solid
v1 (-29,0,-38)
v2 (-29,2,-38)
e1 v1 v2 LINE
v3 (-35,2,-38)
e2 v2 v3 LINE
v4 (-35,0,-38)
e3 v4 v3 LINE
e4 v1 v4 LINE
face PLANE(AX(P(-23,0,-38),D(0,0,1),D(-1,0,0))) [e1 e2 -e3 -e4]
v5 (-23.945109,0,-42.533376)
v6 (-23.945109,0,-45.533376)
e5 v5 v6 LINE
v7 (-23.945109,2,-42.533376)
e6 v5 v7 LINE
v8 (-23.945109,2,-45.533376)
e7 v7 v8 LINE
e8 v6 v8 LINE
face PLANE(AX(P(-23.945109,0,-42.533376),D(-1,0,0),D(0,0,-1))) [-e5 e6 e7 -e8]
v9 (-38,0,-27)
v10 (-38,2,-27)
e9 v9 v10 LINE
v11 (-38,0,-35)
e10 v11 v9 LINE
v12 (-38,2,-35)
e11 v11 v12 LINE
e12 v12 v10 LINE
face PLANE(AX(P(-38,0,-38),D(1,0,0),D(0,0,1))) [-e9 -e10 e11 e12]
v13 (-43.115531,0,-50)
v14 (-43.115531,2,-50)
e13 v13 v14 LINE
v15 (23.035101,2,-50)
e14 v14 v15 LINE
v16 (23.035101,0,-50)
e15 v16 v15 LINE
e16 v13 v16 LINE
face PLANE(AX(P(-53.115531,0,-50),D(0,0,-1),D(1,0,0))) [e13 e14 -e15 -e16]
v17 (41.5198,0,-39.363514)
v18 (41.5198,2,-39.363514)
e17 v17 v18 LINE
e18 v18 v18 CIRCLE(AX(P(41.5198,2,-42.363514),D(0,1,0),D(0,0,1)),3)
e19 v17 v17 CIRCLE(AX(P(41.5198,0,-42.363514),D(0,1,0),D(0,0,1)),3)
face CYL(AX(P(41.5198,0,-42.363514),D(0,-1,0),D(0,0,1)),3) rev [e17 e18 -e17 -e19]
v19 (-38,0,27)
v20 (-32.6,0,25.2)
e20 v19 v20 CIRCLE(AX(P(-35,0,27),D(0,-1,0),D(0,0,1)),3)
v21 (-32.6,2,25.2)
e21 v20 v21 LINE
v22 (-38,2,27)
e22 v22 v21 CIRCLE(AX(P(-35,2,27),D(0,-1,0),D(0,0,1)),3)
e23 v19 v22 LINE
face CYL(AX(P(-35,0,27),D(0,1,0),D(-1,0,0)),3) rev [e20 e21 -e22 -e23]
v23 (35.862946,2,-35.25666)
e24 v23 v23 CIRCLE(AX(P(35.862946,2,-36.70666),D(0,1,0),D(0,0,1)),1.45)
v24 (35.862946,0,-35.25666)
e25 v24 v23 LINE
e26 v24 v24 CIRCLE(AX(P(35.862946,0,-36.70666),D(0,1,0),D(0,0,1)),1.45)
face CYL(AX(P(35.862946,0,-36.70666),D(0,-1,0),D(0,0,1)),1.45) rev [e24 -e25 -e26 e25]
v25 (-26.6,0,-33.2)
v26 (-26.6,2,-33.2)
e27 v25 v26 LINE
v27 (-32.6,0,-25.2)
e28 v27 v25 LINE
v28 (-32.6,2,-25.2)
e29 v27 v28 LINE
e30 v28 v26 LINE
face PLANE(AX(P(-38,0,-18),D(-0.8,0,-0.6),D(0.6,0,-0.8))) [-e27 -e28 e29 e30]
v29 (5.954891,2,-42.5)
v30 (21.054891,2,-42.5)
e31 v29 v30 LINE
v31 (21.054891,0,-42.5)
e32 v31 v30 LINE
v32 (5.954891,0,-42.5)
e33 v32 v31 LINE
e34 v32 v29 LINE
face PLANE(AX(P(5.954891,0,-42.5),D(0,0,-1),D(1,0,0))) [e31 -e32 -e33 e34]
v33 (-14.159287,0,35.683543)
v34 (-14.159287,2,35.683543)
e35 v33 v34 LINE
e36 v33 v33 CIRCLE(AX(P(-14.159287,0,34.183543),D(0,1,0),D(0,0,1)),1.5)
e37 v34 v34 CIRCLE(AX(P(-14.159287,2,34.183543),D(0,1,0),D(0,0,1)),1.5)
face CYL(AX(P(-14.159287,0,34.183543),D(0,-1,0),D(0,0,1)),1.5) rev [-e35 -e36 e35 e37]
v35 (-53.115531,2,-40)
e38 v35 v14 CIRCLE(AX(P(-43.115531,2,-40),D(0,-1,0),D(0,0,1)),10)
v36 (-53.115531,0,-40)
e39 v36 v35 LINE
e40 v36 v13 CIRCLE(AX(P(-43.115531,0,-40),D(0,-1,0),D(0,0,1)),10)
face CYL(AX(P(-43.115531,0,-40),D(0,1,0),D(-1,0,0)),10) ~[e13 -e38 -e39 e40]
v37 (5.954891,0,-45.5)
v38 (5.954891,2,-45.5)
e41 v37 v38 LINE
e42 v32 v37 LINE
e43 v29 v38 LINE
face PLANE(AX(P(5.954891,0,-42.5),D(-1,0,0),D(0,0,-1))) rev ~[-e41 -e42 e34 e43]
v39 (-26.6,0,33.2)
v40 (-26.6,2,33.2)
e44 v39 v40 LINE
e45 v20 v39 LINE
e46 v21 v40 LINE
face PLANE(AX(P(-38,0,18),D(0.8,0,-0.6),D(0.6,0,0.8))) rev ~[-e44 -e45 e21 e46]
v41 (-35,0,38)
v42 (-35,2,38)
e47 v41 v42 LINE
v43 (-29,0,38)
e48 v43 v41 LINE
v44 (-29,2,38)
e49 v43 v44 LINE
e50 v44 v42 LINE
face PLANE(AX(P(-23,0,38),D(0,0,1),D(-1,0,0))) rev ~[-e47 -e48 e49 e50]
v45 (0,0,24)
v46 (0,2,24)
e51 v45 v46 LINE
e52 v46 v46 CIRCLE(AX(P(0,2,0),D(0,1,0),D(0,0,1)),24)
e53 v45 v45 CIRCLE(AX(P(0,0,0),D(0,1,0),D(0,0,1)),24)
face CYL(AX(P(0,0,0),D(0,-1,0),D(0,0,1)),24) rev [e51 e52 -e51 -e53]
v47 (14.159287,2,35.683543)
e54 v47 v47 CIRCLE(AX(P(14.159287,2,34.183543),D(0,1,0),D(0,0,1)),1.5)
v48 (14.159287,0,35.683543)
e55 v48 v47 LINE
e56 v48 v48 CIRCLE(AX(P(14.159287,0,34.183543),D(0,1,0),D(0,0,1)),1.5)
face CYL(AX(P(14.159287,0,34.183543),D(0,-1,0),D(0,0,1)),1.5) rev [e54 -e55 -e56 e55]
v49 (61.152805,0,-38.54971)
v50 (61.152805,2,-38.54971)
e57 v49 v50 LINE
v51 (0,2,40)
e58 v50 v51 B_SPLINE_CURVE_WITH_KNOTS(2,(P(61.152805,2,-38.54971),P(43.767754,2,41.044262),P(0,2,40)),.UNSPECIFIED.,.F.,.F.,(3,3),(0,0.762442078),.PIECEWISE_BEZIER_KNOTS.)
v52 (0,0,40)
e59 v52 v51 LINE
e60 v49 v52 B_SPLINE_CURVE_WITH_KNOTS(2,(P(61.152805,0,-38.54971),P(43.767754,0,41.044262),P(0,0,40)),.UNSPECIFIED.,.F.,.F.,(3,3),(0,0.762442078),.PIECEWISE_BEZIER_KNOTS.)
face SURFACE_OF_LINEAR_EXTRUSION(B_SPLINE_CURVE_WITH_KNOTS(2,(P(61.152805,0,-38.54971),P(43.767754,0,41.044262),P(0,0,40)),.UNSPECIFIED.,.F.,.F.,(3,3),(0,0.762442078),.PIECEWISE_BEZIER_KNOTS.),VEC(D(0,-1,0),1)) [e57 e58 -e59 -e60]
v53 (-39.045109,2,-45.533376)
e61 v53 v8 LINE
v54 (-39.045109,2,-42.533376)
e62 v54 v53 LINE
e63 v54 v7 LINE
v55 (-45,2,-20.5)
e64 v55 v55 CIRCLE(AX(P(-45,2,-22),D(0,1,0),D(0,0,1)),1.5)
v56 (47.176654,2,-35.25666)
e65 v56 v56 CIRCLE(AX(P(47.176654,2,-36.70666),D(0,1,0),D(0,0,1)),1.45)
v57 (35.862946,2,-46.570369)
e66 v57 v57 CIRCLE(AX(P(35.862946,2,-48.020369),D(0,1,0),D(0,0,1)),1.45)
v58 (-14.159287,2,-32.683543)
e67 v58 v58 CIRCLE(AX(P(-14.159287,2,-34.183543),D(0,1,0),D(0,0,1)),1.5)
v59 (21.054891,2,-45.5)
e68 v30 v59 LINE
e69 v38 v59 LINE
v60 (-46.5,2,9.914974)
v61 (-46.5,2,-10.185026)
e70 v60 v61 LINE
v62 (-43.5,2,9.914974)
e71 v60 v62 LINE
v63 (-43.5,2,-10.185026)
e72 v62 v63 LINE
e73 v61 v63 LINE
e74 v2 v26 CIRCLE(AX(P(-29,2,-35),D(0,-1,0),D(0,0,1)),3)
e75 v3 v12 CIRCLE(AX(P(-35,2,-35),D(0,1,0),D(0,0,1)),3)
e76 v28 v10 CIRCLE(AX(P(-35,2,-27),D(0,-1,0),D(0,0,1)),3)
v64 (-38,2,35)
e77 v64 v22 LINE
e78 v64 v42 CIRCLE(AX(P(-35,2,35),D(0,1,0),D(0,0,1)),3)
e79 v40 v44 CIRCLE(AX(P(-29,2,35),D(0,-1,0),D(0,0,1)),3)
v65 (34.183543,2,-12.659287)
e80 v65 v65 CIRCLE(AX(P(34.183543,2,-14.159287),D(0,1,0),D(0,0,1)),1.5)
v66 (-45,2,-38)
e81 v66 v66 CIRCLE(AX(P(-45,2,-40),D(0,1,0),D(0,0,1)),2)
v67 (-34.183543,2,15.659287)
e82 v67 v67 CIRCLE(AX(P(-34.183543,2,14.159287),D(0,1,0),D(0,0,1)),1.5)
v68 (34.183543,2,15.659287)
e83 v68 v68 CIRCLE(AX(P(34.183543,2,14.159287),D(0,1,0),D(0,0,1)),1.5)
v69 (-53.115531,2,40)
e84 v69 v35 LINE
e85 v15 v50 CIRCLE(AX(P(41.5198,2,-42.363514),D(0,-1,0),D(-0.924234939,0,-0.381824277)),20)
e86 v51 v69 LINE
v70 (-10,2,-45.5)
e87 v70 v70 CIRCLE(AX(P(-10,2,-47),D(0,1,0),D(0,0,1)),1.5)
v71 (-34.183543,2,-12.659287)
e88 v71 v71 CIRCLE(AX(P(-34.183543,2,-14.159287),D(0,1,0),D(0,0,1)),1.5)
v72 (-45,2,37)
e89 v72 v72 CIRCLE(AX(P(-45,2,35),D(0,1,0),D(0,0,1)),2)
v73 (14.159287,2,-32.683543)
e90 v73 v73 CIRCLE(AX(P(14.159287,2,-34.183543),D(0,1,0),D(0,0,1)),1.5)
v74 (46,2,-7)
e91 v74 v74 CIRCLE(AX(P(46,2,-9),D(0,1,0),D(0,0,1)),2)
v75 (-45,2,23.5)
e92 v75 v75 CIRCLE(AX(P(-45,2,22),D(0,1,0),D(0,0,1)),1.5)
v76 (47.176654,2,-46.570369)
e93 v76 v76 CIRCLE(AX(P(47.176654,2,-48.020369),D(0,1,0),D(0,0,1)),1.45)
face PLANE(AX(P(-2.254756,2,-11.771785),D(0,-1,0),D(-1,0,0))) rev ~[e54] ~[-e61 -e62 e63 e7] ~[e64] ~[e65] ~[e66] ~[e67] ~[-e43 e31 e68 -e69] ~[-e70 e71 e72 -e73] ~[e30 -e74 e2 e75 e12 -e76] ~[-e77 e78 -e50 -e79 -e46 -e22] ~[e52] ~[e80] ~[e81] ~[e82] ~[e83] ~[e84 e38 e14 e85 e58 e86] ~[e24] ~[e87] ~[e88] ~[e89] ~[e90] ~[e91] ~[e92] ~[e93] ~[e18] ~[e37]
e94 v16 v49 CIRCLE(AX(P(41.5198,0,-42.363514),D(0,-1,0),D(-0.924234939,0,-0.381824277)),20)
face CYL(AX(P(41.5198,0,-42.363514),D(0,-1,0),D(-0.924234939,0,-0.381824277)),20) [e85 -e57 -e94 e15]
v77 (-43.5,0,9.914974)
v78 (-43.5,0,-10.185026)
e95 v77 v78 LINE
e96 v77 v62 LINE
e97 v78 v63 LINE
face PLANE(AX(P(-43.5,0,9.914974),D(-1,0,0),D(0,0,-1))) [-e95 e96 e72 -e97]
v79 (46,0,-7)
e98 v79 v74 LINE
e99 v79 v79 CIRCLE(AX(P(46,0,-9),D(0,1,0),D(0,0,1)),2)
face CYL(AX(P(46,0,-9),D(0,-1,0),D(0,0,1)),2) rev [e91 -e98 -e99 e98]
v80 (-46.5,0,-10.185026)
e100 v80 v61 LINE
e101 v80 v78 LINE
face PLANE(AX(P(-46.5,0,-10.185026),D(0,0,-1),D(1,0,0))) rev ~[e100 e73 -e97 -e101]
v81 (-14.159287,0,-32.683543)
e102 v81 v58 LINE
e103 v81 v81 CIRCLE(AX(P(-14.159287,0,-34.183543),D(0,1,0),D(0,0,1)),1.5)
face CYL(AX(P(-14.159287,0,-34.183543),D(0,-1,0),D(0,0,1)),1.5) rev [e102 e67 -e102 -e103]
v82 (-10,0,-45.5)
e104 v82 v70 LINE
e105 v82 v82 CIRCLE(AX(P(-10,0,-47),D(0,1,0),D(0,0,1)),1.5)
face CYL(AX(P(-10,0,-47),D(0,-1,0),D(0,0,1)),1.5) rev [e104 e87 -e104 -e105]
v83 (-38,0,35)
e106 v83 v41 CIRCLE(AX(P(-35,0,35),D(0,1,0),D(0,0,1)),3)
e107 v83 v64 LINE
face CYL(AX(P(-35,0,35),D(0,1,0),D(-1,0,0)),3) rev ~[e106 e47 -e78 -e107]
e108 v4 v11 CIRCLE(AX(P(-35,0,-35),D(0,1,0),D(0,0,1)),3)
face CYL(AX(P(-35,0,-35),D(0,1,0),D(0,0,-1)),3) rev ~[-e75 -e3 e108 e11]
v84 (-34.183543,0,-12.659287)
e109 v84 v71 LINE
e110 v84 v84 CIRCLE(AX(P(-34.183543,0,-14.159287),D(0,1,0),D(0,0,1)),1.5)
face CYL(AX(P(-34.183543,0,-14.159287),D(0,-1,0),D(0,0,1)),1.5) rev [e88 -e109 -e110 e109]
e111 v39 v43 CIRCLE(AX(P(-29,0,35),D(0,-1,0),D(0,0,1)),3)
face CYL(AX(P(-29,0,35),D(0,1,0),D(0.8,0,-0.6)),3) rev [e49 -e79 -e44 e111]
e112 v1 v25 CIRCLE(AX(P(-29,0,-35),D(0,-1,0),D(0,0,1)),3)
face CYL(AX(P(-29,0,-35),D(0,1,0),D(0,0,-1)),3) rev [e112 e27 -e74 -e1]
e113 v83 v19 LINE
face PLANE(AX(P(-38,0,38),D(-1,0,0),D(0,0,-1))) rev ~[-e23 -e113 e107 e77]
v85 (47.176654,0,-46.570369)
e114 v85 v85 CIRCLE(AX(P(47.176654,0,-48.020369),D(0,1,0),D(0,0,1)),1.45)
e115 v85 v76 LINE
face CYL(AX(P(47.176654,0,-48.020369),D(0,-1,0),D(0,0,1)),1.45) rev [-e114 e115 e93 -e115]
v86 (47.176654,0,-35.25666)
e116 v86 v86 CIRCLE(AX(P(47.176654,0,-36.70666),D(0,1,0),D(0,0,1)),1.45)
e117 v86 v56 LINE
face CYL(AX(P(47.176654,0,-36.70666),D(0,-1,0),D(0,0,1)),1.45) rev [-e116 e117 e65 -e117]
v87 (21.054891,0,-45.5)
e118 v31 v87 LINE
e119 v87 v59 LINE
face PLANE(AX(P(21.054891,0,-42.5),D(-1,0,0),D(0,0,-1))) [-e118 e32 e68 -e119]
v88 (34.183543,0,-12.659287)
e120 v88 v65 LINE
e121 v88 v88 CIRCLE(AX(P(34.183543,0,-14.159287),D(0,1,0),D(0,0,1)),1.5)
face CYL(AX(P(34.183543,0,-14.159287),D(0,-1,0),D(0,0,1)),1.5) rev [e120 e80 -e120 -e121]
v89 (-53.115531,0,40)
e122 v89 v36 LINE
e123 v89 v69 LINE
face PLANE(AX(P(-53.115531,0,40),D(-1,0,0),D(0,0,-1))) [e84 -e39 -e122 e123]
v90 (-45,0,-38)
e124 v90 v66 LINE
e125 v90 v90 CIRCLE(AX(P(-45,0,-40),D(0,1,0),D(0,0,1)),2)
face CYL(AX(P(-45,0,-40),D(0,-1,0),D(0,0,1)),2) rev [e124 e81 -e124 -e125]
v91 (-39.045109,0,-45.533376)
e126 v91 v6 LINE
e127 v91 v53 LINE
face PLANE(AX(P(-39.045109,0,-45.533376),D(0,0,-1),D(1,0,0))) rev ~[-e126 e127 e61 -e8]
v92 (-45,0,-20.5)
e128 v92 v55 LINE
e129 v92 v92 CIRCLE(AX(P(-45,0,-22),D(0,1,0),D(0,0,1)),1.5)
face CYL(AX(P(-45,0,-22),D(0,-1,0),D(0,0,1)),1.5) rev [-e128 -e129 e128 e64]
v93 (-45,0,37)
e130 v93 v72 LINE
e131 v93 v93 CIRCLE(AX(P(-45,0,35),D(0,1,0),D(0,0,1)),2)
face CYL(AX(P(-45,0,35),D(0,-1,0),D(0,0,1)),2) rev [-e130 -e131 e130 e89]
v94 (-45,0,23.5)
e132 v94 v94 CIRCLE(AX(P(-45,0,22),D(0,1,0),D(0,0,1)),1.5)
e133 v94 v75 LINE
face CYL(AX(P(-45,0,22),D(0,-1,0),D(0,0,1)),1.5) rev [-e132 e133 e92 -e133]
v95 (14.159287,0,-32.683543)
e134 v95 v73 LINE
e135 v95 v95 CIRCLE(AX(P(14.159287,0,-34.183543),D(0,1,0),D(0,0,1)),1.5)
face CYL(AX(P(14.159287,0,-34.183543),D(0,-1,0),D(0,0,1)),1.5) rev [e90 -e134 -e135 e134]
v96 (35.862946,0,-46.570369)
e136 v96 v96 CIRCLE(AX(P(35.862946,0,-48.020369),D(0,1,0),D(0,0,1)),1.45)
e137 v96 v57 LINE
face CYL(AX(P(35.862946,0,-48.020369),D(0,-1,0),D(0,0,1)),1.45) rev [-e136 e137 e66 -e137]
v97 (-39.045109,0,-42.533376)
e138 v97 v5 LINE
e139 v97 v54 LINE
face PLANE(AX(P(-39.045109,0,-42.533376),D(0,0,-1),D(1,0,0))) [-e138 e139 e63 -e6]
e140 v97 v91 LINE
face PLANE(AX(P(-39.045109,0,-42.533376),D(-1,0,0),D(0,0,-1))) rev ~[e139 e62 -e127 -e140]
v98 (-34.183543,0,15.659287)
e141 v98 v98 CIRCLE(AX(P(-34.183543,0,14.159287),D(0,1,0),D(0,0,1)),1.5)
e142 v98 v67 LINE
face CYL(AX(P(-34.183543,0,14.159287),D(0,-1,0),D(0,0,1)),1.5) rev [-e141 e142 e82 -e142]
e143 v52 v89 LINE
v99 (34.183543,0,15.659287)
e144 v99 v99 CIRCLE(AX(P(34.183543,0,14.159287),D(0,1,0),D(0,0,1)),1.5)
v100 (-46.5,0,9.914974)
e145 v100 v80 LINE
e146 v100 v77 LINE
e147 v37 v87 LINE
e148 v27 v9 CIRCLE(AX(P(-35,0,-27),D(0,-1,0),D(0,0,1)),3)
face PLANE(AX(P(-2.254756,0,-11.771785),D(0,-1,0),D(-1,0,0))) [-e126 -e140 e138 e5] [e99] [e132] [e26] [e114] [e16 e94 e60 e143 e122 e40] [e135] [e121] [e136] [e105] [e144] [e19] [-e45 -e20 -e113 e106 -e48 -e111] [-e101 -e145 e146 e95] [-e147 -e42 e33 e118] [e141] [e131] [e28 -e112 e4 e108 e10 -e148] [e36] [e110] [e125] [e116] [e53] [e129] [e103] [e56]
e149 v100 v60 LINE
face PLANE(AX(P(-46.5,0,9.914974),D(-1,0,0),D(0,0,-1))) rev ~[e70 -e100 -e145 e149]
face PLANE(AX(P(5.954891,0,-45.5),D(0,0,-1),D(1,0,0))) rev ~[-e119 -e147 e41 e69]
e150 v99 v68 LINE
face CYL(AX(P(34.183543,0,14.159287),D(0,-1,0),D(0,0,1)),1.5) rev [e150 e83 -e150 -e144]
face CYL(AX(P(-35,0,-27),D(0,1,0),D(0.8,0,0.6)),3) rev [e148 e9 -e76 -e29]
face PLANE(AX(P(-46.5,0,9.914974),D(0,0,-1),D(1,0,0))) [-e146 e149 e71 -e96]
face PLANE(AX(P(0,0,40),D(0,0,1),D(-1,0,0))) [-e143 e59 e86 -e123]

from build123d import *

# Parameters (mm, degrees)
SKETCH_1_R      = 24
SKETCH_1_R_2    = 3
SKETCH_1_R_3    = 2
SKETCH_1_R_4    = 1.45
SKETCH_1_R_5    = 1.5
SKETCH_1_W      = 15.1
SKETCH_1_H      = 3
SKETCH_1_W_2    = 3
SKETCH_1_H_2    = 20.1
EXTRUDE_1_DEPTH = 2
FILLET_1_R      = 10
FILLET_2_R      = 3


with BuildPart() as part:
    # 草图1 → 凸台-拉伸1 (new body)
    with BuildSketch(Plane(origin=(0, 0, 0), x_dir=(1, 0, 0), z_dir=(0, 1, 0))):
        with BuildLine():
            Line((0, -40), (-53.115531196, -40))
            Line((-53.115531196, -40), (-53.115531196, 50))
            Line((-53.115531196, 50), (23.035101229, 50))
            ThreePointArc((23.035101229, 50), (47.273662895, 61.517967257), (61.152805225, 38.549709823))
            add(Edge.make_bspline(
                [(61.152805225, 38.549709823), (43.767754296, -41.044262003), (0, -40)],
                knots=[0, 0, 0, 0.762442078, 0.762442078, 0.762442078], degree=2))
        make_face()
        with Locations(Location((0, 0, 0), (0, 0, 270))):
            Circle(SKETCH_1_R, mode=Mode.SUBTRACT)
        with Locations(Location((41.5198, 42.363514464, 0), (0, 0, 270))):
            Circle(SKETCH_1_R_2, mode=Mode.SUBTRACT)
        with Locations(Location((46, 9, 0), (0, 0, 270))):
            Circle(SKETCH_1_R_3, mode=Mode.SUBTRACT)
        with Locations(Location((-45, 40, 0), (0, 0, 270))):
            Circle(SKETCH_1_R_3, mode=Mode.SUBTRACT)
        with Locations(Location((-45, -35, 0), (0, 0, 270))):
            Circle(SKETCH_1_R_3, mode=Mode.SUBTRACT)
        with Locations(Location((35.862945751, 48.020368713, 0), (0, 0, 270))):
            Circle(SKETCH_1_R_4, mode=Mode.SUBTRACT)
        with Locations(Location((47.176654249, 48.020368713, 0), (0, 0, 270))):
            Circle(SKETCH_1_R_4, mode=Mode.SUBTRACT)
        with Locations(Location((47.176654249, 36.706660215, 0), (0, 0, 270))):
            Circle(SKETCH_1_R_4, mode=Mode.SUBTRACT)
        with Locations(Location((35.862945751, 36.706660215, 0), (0, 0, 270))):
            Circle(SKETCH_1_R_4, mode=Mode.SUBTRACT)
        with Locations(Location((-45, 22, 0), (0, 0, 270))):
            Circle(SKETCH_1_R_5, mode=Mode.SUBTRACT)
        with Locations(Location((-45, -22, 0), (0, 0, 270))):
            Circle(SKETCH_1_R_5, mode=Mode.SUBTRACT)
        with Locations(Location((34.183542703, 14.159286998, 0), (0, 0, 270))):
            Circle(SKETCH_1_R_5, mode=Mode.SUBTRACT)
        with Locations(Location((34.183542703, -14.159286998, 0), (0, 0, 270))):
            Circle(SKETCH_1_R_5, mode=Mode.SUBTRACT)
        with Locations(Location((14.159286998, -34.183542703, 0), (0, 0, 270))):
            Circle(SKETCH_1_R_5, mode=Mode.SUBTRACT)
        with Locations(Location((-14.159286998, -34.183542703, 0), (0, 0, 270))):
            Circle(SKETCH_1_R_5, mode=Mode.SUBTRACT)
        with Locations(Location((-34.183542703, -14.159286998, 0), (0, 0, 270))):
            Circle(SKETCH_1_R_5, mode=Mode.SUBTRACT)
        with Locations(Location((-34.183542703, 14.159286998, 0), (0, 0, 270))):
            Circle(SKETCH_1_R_5, mode=Mode.SUBTRACT)
        with Locations(Location((-14.159286998, 34.183542703, 0), (0, 0, 270))):
            Circle(SKETCH_1_R_5, mode=Mode.SUBTRACT)
        with Locations(Location((14.159286998, 34.183542703, 0), (0, 0, 270))):
            Circle(SKETCH_1_R_5, mode=Mode.SUBTRACT)
        with Locations(Location((-10, 47, 0), (0, 0, 270))):
            Circle(SKETCH_1_R_5, mode=Mode.SUBTRACT)
        with Locations((-31.49510891, 44.033375725)):
            Rectangle(SKETCH_1_W, SKETCH_1_H, mode=Mode.SUBTRACT)
        with Locations((13.50489109, 44)):
            Rectangle(SKETCH_1_W, SKETCH_1_H, mode=Mode.SUBTRACT)
        with Locations((-45, 0.135026031)):
            Rectangle(SKETCH_1_W_2, SKETCH_1_H_2, mode=Mode.SUBTRACT)
        Polygon((-38, 38), (-38, 18), (-23, 38), align=None, mode=Mode.SUBTRACT)
        Polygon((-38, -38), (-38, -18), (-23, -38), align=None, mode=Mode.SUBTRACT)
    extrude(amount=EXTRUDE_1_DEPTH)

    # 圆角1
    fillet_1_edges = [part.edges().sort_by_distance(p)[0] for p in [
        (-53.115531196, 1, -50),
    ]]
    fillet(fillet_1_edges, radius=FILLET_1_R)

    # 圆角2
    fillet_2_edges = [part.edges().sort_by_distance(p)[0] for p in [
        (-23, 1, -38),
        (-38, 1, -38),
        (-38, 1, -18),
        (-38, 1, 38),
        (-23, 1, 38),
        (-38, 1, 18),
    ]]
    fillet(fillet_2_edges, radius=FILLET_2_R)


solid = part.part
